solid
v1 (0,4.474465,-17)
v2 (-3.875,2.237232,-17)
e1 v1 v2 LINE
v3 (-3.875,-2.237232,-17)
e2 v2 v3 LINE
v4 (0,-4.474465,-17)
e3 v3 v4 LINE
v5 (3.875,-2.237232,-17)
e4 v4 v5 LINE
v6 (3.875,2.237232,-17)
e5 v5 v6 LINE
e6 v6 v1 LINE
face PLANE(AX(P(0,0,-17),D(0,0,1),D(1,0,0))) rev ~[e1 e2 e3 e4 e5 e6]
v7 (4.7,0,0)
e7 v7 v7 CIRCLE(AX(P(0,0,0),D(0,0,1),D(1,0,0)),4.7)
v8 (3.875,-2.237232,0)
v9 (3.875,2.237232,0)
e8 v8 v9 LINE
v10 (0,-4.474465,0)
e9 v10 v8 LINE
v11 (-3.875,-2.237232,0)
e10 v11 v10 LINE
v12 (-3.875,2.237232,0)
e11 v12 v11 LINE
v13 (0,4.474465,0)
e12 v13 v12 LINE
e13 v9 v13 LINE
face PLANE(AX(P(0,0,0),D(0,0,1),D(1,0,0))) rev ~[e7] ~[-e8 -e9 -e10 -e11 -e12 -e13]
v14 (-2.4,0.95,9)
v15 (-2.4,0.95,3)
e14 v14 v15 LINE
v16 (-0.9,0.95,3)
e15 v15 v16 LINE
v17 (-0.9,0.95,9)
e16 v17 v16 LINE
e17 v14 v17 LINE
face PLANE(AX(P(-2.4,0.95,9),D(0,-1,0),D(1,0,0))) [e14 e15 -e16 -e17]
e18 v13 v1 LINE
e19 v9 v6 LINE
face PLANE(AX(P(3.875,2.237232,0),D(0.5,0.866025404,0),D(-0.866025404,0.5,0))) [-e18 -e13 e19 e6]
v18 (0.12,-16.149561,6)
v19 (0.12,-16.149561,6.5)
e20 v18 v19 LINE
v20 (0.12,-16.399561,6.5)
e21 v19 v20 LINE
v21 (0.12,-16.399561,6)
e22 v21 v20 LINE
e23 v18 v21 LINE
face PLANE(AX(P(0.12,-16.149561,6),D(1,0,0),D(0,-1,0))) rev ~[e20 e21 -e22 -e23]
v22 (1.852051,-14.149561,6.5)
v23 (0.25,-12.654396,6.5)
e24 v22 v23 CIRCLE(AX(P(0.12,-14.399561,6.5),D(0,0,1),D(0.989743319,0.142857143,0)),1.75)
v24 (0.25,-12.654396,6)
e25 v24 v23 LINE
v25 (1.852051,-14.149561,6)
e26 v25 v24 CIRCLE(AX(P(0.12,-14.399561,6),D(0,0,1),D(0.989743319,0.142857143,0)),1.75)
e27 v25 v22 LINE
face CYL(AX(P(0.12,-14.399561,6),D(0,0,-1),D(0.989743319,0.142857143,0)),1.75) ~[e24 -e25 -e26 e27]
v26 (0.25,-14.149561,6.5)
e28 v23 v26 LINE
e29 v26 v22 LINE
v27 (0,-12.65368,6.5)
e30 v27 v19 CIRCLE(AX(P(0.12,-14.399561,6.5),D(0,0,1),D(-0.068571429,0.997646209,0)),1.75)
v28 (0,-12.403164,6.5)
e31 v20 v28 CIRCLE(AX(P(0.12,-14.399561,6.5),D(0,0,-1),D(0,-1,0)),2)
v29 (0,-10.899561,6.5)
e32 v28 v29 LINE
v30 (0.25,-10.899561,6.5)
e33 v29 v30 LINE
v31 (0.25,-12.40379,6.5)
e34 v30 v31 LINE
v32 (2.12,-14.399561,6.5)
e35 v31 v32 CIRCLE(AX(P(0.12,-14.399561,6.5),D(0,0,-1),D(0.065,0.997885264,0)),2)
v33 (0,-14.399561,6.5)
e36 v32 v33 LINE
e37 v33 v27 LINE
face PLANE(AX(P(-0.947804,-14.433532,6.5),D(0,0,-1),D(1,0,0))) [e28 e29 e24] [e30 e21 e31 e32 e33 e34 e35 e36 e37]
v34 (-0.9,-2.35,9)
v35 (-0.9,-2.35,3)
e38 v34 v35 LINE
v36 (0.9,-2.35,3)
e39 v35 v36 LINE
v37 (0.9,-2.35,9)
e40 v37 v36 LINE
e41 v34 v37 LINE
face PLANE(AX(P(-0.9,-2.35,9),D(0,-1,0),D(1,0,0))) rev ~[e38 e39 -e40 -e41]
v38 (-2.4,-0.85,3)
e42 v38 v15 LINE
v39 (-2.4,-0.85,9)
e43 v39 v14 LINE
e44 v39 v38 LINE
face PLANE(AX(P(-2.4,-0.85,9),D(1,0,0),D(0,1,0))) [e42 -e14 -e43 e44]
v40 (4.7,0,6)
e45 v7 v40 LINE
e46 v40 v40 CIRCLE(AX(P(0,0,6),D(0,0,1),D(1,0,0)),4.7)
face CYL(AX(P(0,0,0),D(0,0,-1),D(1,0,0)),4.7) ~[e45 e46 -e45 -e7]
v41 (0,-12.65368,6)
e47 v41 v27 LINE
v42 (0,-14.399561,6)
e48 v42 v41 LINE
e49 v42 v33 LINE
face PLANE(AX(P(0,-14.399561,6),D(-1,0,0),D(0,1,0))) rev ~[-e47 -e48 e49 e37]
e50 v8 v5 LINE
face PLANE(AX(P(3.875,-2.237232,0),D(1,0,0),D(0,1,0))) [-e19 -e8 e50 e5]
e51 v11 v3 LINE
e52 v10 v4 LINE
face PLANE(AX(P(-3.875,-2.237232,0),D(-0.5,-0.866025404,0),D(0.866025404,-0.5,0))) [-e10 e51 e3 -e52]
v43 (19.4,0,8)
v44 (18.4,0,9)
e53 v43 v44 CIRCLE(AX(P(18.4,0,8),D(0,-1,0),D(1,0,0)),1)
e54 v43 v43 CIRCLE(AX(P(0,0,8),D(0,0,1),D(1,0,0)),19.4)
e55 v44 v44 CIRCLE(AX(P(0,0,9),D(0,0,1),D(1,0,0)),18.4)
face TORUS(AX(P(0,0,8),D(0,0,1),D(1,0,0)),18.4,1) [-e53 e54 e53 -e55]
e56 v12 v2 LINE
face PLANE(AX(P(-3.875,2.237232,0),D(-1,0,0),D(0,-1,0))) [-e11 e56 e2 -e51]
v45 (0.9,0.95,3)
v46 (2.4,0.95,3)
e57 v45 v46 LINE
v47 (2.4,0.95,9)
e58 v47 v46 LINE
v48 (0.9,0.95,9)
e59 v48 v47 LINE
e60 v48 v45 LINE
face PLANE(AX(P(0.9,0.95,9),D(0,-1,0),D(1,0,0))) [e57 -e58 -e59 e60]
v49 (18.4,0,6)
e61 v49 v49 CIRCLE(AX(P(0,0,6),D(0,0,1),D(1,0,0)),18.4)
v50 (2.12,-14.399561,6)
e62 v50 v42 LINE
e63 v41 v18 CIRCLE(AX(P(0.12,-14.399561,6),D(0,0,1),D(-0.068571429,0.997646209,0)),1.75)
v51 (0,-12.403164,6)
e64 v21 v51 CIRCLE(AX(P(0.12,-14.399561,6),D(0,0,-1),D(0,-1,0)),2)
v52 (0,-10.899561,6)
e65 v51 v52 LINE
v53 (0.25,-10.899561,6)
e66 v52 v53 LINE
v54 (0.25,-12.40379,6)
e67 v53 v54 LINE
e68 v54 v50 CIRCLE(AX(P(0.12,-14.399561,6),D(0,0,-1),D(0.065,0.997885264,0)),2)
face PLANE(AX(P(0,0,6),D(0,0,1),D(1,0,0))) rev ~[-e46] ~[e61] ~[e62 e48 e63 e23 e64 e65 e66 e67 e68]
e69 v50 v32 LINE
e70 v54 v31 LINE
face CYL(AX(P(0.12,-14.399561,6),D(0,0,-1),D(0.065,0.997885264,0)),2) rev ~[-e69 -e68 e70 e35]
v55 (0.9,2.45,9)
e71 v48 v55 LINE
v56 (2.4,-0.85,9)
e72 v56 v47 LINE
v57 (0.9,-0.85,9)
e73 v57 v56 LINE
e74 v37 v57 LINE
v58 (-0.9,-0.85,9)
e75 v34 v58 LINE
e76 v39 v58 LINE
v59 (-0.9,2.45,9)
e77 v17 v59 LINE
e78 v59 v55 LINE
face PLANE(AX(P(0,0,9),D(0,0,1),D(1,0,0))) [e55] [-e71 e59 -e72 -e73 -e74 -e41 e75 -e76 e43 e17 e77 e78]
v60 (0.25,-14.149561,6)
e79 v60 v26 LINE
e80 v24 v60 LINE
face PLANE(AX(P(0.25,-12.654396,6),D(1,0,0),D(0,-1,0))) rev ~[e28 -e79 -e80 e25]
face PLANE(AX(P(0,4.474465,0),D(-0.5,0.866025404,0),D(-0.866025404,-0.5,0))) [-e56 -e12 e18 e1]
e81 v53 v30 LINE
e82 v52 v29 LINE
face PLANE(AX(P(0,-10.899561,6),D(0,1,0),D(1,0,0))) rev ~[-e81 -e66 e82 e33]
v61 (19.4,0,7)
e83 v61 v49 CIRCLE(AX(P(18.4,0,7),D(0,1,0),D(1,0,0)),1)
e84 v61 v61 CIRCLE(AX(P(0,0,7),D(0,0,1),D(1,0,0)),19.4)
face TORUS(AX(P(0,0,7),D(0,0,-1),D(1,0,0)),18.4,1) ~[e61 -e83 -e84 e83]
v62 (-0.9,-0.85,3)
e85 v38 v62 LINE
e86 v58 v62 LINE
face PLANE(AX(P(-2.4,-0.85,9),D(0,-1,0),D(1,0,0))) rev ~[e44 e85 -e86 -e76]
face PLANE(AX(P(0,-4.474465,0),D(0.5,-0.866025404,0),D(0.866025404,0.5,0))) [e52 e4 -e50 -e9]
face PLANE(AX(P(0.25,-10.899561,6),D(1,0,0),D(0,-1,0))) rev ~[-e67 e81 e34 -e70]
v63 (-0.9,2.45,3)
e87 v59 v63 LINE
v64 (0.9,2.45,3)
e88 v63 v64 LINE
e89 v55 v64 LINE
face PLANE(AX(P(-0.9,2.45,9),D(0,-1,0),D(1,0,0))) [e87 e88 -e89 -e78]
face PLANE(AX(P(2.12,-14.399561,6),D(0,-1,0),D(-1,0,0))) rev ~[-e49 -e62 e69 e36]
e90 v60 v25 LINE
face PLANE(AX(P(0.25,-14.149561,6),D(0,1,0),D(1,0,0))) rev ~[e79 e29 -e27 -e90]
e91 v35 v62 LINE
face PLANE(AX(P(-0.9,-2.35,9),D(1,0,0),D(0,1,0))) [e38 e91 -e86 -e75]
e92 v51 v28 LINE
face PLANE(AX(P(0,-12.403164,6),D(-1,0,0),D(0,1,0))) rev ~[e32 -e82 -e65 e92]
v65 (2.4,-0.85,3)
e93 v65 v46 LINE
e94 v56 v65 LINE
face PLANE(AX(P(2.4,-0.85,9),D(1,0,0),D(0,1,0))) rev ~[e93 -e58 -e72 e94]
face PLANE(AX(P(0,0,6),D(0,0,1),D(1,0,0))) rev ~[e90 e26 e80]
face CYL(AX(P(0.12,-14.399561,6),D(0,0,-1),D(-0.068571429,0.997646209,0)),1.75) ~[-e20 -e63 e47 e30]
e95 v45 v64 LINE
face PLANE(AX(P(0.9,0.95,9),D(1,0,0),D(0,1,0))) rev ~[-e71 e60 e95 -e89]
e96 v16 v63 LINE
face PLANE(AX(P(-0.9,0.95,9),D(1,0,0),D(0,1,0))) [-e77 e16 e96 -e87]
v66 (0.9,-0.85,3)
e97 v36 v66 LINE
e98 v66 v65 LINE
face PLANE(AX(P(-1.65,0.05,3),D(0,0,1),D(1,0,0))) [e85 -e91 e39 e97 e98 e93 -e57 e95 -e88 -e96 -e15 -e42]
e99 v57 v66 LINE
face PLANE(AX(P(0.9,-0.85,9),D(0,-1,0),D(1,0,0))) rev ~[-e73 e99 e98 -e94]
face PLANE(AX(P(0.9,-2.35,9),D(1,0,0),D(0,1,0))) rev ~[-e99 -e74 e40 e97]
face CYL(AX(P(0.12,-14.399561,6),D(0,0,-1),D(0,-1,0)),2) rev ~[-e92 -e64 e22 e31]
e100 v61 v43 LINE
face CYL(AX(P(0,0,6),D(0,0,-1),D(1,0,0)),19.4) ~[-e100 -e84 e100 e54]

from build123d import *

# Parameters (mm, degrees)
F1_DEPTH  = 17
F2_R      = 4.7
F3_DEPTH  = 6
F4_R      = 19.4
F5_DEPTH  = 3
F6_R      = 1
F7_W      = 1.5
F7_H      = 1.8
F7_W_2    = 1.8
F7_H_2    = 1.5
F8_DEPTH  = 6
F10_DEPTH = 0.5


with BuildPart() as f1:
    # F0 (on Top) → F1 (new body)
    with BuildSketch(Plane.XY):
        Polygon((3.875, -2.2372322931), (3.875, 2.2372322931), (0, 4.4744645862), (-3.875, 2.2372322931), (-3.875, -2.2372322931), (0, -4.4744645862), align=None)
    extrude(amount=-F1_DEPTH)

    # F2 (on face) → F3 (join)
    with BuildSketch(Plane.XY):
        Circle(F2_R)
    extrude(amount=F3_DEPTH)

    # F4 (on face) → F5 (join)
    with BuildSketch(Plane.XY.offset(6)):
        Circle(F4_R)
    extrude(amount=F5_DEPTH)

    # F6
    f6_edges = [f1.edges().sort_by_distance(p)[0] for p in [
        (-19.4, 0, 6),
        (-19.4, 0, 9),
    ]]
    fillet(f6_edges, radius=F6_R)

    # F7 (on face) → F8 (cut)
    with BuildSketch(Plane.XY.offset(9)):
        with Locations((-1.65, 0.05)):
            Rectangle(F7_W, F7_H)
        with Locations((0, 1.7)):
            Rectangle(F7_W_2, F7_H_2)
        with Locations((0, 0.05)):
            Rectangle(F7_W_2, F7_H)
        with Locations((1.65, 0.05)):
            Rectangle(F7_W, F7_H)
        with Locations((0, -1.6)):
            Rectangle(F7_W_2, F7_H_2)
    extrude(amount=-F8_DEPTH, mode=Mode.SUBTRACT)

    # F9 (on face) → F10 (cut)
    with BuildSketch(Plane(origin=(0, 0, 6), x_dir=(1, 0, 0), z_dir=(0, 0, -1))):
        with BuildLine():
            Line((0.12, 16.1495609697), (0.12, 16.3995609697))
            ThreePointArc((0.12, 16.3995609697), (-1.8790989856, 14.4595880123), (0, 12.4031642156))
            Line((0, 12.4031642156), (0, 12.6536801032))
            ThreePointArc((0, 12.6536801032), (-1.6289699135, 14.4595963078), (0.12, 16.1495609697))
        make_face()
        with BuildLine():
            Line((0, 12.6536801032), (0, 12.4031642156))
            ThreePointArc((0, 12.4031642156), (0.1250097944, 12.3995672443), (0.25, 12.4037904418))
            Line((0.25, 12.4037904418), (0.25, 12.6543962211))
            ThreePointArc((0.25, 12.6543962211), (0.1250128042, 12.6495681492), (0, 12.6536801032))
        make_face()
        with BuildLine():
            ThreePointArc((0.25, 12.4037904418), (0.1250097944, 12.3995672443), (0, 12.4031642156))
            Line((0, 12.4031642156), (0, 10.8995609697))
            Line((0, 10.8995609697), (0.25, 10.8995609697))
            Line((0.25, 10.8995609697), (0.25, 12.4037904418))
        make_face()
        with BuildLine():
            Line((0.25, 12.6543962211), (0.25, 12.4037904418))
            ThreePointArc((0.25, 12.4037904418), (1.5794519519, 13.0320815366), (2.12, 14.3995609697))
            Line((2.12, 14.3995609697), (1.87, 14.3995609697))
            ThreePointArc((1.87, 14.3995609697), (1.865506934, 14.2742392103), (1.8520508076, 14.1495609697))
            ThreePointArc((1.8520508076, 14.1495609697), (1.3140216535, 13.1201813189), (0.25, 12.6543962211))
        make_face()
        with BuildLine():
            Line((0, 14.3995609697), (0, 12.6536801032))
            ThreePointArc((0, 12.6536801032), (0.1250128042, 12.6495681492), (0.25, 12.6543962211))
            Line((0.25, 12.6543962211), (0.25, 14.1495609697))
            Line((0.25, 14.1495609697), (1.8520508076, 14.1495609697))
            ThreePointArc((1.8520508076, 14.1495609697), (1.865506934, 14.2742392103), (1.87, 14.3995609697))
            Line((1.87, 14.3995609697), (0, 14.3995609697))
        make_face()
    extrude(amount=-F10_DEPTH, mode=Mode.SUBTRACT)


solid = f1.part
